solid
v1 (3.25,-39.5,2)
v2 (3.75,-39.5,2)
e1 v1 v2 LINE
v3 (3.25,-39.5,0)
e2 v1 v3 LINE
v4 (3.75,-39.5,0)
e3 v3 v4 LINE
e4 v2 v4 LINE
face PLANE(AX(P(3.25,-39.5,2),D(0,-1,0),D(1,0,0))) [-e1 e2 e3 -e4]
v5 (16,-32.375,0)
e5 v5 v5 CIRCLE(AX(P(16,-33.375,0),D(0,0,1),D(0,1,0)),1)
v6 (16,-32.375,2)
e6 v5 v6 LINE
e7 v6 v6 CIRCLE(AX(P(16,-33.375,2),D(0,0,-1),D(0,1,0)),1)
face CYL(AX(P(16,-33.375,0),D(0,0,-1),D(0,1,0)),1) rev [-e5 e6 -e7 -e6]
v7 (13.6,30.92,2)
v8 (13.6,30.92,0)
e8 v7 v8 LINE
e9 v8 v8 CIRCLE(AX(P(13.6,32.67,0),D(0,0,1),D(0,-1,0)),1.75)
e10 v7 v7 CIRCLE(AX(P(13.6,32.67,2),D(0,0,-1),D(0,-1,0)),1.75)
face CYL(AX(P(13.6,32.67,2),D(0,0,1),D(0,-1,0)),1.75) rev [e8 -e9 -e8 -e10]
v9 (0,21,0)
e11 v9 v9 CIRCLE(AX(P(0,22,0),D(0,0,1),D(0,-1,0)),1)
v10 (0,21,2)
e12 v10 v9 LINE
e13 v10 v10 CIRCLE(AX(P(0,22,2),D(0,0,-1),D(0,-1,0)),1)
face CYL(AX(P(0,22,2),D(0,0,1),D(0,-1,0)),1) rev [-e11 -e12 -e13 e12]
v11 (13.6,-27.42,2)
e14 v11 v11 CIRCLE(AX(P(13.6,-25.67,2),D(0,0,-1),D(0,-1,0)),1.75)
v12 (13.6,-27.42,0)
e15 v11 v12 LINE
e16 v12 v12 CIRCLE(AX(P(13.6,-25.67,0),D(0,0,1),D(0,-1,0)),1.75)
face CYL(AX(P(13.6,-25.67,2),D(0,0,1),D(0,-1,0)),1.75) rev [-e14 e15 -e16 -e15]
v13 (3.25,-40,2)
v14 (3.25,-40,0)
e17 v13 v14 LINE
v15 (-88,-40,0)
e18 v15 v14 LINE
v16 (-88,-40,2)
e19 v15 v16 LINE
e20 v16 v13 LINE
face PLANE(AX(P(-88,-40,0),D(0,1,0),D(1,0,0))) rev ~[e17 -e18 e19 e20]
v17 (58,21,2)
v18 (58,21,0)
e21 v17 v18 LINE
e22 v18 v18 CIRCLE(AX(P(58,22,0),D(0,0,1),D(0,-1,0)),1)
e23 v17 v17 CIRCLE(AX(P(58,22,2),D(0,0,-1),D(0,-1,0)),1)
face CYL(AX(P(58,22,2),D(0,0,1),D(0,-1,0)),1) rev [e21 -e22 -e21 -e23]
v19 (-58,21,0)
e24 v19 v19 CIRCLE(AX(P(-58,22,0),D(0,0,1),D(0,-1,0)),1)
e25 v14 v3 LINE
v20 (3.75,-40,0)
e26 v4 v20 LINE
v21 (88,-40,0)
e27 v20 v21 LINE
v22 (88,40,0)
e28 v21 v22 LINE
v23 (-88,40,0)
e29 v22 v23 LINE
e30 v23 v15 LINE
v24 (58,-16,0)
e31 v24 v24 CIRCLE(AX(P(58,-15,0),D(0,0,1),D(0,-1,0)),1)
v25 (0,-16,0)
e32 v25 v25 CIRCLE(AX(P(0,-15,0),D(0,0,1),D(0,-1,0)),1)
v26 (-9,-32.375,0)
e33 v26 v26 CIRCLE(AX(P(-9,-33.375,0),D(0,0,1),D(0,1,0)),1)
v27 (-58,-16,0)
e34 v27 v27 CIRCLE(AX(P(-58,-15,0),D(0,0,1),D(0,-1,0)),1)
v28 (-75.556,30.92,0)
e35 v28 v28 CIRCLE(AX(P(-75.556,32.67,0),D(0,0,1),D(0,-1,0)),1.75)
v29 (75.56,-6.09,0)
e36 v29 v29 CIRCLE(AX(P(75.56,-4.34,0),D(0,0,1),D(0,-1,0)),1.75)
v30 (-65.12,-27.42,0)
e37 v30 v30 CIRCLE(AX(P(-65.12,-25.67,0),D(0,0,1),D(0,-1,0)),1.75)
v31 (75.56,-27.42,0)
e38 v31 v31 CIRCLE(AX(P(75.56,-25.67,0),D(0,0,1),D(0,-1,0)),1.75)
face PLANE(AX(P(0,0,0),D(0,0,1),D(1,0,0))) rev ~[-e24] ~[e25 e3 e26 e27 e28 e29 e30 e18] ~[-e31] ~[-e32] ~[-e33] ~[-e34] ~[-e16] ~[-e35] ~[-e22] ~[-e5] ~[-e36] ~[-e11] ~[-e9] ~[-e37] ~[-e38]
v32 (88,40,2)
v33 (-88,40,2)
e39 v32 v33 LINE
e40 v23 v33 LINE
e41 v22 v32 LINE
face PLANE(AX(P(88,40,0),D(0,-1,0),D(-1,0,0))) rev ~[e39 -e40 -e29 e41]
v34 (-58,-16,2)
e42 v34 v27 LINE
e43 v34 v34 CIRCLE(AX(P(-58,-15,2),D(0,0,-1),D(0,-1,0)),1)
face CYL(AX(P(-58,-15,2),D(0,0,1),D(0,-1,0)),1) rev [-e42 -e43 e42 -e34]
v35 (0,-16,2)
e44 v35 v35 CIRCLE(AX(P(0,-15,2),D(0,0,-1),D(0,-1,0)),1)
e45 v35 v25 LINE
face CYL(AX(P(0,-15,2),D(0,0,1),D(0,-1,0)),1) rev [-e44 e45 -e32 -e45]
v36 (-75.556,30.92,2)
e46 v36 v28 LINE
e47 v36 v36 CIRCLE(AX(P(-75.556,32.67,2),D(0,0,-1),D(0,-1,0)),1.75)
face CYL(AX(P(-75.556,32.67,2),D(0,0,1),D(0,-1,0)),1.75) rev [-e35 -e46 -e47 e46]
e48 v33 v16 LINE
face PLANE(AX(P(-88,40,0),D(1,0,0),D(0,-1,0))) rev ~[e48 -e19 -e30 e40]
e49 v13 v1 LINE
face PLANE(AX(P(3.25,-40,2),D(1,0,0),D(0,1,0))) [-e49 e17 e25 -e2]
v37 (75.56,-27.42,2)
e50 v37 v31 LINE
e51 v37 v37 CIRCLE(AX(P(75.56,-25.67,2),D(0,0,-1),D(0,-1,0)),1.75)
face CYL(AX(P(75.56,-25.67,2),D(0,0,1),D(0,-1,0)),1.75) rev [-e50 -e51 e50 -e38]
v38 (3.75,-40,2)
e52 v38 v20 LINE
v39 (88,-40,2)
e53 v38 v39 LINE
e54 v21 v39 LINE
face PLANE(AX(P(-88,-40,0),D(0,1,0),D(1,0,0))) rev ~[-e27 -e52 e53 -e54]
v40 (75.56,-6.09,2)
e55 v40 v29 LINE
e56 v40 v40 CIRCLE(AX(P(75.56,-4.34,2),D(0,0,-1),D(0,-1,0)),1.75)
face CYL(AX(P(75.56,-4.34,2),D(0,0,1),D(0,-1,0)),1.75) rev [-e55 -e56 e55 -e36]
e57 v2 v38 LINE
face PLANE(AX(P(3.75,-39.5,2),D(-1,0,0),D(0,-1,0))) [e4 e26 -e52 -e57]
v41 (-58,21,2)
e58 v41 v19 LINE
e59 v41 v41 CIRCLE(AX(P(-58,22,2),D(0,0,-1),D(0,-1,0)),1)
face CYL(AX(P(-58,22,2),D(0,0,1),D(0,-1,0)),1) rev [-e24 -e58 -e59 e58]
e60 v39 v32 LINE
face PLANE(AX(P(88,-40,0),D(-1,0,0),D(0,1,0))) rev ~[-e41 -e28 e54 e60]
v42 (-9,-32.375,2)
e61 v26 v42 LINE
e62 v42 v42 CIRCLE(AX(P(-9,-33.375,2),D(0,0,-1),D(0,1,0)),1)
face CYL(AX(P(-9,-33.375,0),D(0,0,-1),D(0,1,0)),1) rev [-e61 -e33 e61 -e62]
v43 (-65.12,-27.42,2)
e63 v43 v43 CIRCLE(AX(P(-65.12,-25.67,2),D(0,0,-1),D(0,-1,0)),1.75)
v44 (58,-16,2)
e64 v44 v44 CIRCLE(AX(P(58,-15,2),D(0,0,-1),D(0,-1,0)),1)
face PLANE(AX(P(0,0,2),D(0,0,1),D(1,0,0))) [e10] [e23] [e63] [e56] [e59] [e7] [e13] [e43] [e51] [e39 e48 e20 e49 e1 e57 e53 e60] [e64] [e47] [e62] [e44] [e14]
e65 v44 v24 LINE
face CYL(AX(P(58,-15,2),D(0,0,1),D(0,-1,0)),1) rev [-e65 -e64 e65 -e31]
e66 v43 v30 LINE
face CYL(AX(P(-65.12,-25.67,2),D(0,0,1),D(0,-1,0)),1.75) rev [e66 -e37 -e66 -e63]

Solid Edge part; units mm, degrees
sketch "Sketch1" plane through (0, 0, 0) normal (0, 0, 1) x (1, 0, 0)
  line L0 (-88, -40) -> (88, -40)
  line L1 (88, -40) -> (88, 40)
  line L2 (88, 40) -> (-88, 40)
  line L3 (-88, 40) -> (-88, -40)
  dimension "D1" = 80
  dimension "D2" = 176
extrude "Protrusion1" add sketch "Sketch1" along normal blind 2
hole "Hole1" at (-9, -33.375, 0) direction (0, 0, 1) diameter 2 end up to next
hole "Hole2" at (16, -33.375, 0) direction (0, 0, 1) diameter 2 end up to next
hole "Hole3" at (0, 22, 2) direction (0, 0, -1) diameter 2 end through all
hole "Hole4" at (58, 22, 2) direction (0, 0, -1) diameter 2 end through all
hole "Hole5" at (58, -15, 2) direction (0, 0, -1) diameter 2 end through all
hole "Hole6" at (0, -15, 2) direction (0, 0, -1) diameter 2 end through all
hole "Hole7" at (-58, -15, 2) direction (0, 0, -1) diameter 2 end through all
hole "Hole8" at (-58, 22, 2) direction (0, 0, -1) diameter 2 end through all
sketch "Sketch2" plane through (0, 0, 2) normal (0, 0, 1) x (1, 0, 0)
  line L0 (3.25, -40) -> (3.75, -40)
  line L1 (3.75, -39.5) -> (3.75, -40)
  line L2 (3.25, -39.5) -> (3.75, -39.5)
  line L3 (3.25, -40) -> (3.25, -39.5)
  dimension "D1" = 0.5
extrude "Cutout1" cut sketch "Sketch2" against normal through all
hole "Hole9" at (-75.556, 32.67, 2) direction (0, 0, -1) diameter 3.5 end through all
hole "Hole10" at (75.56, -25.67, 2) direction (0, 0, -1) diameter 3.5 end through all
hole "Hole11" at (13.6, 32.67, 2) direction (0, 0, -1) diameter 3.5 end through all
hole "Hole12" at (-65.12, -25.67, 2) direction (0, 0, -1) diameter 3.5 end through all
hole "Hole13" at (13.6, -25.67, 2) direction (0, 0, -1) diameter 3.5 end through all
hole "Hole14" at (75.56, -4.34, 2) direction (0, 0, -1) diameter 3.5 end through all
